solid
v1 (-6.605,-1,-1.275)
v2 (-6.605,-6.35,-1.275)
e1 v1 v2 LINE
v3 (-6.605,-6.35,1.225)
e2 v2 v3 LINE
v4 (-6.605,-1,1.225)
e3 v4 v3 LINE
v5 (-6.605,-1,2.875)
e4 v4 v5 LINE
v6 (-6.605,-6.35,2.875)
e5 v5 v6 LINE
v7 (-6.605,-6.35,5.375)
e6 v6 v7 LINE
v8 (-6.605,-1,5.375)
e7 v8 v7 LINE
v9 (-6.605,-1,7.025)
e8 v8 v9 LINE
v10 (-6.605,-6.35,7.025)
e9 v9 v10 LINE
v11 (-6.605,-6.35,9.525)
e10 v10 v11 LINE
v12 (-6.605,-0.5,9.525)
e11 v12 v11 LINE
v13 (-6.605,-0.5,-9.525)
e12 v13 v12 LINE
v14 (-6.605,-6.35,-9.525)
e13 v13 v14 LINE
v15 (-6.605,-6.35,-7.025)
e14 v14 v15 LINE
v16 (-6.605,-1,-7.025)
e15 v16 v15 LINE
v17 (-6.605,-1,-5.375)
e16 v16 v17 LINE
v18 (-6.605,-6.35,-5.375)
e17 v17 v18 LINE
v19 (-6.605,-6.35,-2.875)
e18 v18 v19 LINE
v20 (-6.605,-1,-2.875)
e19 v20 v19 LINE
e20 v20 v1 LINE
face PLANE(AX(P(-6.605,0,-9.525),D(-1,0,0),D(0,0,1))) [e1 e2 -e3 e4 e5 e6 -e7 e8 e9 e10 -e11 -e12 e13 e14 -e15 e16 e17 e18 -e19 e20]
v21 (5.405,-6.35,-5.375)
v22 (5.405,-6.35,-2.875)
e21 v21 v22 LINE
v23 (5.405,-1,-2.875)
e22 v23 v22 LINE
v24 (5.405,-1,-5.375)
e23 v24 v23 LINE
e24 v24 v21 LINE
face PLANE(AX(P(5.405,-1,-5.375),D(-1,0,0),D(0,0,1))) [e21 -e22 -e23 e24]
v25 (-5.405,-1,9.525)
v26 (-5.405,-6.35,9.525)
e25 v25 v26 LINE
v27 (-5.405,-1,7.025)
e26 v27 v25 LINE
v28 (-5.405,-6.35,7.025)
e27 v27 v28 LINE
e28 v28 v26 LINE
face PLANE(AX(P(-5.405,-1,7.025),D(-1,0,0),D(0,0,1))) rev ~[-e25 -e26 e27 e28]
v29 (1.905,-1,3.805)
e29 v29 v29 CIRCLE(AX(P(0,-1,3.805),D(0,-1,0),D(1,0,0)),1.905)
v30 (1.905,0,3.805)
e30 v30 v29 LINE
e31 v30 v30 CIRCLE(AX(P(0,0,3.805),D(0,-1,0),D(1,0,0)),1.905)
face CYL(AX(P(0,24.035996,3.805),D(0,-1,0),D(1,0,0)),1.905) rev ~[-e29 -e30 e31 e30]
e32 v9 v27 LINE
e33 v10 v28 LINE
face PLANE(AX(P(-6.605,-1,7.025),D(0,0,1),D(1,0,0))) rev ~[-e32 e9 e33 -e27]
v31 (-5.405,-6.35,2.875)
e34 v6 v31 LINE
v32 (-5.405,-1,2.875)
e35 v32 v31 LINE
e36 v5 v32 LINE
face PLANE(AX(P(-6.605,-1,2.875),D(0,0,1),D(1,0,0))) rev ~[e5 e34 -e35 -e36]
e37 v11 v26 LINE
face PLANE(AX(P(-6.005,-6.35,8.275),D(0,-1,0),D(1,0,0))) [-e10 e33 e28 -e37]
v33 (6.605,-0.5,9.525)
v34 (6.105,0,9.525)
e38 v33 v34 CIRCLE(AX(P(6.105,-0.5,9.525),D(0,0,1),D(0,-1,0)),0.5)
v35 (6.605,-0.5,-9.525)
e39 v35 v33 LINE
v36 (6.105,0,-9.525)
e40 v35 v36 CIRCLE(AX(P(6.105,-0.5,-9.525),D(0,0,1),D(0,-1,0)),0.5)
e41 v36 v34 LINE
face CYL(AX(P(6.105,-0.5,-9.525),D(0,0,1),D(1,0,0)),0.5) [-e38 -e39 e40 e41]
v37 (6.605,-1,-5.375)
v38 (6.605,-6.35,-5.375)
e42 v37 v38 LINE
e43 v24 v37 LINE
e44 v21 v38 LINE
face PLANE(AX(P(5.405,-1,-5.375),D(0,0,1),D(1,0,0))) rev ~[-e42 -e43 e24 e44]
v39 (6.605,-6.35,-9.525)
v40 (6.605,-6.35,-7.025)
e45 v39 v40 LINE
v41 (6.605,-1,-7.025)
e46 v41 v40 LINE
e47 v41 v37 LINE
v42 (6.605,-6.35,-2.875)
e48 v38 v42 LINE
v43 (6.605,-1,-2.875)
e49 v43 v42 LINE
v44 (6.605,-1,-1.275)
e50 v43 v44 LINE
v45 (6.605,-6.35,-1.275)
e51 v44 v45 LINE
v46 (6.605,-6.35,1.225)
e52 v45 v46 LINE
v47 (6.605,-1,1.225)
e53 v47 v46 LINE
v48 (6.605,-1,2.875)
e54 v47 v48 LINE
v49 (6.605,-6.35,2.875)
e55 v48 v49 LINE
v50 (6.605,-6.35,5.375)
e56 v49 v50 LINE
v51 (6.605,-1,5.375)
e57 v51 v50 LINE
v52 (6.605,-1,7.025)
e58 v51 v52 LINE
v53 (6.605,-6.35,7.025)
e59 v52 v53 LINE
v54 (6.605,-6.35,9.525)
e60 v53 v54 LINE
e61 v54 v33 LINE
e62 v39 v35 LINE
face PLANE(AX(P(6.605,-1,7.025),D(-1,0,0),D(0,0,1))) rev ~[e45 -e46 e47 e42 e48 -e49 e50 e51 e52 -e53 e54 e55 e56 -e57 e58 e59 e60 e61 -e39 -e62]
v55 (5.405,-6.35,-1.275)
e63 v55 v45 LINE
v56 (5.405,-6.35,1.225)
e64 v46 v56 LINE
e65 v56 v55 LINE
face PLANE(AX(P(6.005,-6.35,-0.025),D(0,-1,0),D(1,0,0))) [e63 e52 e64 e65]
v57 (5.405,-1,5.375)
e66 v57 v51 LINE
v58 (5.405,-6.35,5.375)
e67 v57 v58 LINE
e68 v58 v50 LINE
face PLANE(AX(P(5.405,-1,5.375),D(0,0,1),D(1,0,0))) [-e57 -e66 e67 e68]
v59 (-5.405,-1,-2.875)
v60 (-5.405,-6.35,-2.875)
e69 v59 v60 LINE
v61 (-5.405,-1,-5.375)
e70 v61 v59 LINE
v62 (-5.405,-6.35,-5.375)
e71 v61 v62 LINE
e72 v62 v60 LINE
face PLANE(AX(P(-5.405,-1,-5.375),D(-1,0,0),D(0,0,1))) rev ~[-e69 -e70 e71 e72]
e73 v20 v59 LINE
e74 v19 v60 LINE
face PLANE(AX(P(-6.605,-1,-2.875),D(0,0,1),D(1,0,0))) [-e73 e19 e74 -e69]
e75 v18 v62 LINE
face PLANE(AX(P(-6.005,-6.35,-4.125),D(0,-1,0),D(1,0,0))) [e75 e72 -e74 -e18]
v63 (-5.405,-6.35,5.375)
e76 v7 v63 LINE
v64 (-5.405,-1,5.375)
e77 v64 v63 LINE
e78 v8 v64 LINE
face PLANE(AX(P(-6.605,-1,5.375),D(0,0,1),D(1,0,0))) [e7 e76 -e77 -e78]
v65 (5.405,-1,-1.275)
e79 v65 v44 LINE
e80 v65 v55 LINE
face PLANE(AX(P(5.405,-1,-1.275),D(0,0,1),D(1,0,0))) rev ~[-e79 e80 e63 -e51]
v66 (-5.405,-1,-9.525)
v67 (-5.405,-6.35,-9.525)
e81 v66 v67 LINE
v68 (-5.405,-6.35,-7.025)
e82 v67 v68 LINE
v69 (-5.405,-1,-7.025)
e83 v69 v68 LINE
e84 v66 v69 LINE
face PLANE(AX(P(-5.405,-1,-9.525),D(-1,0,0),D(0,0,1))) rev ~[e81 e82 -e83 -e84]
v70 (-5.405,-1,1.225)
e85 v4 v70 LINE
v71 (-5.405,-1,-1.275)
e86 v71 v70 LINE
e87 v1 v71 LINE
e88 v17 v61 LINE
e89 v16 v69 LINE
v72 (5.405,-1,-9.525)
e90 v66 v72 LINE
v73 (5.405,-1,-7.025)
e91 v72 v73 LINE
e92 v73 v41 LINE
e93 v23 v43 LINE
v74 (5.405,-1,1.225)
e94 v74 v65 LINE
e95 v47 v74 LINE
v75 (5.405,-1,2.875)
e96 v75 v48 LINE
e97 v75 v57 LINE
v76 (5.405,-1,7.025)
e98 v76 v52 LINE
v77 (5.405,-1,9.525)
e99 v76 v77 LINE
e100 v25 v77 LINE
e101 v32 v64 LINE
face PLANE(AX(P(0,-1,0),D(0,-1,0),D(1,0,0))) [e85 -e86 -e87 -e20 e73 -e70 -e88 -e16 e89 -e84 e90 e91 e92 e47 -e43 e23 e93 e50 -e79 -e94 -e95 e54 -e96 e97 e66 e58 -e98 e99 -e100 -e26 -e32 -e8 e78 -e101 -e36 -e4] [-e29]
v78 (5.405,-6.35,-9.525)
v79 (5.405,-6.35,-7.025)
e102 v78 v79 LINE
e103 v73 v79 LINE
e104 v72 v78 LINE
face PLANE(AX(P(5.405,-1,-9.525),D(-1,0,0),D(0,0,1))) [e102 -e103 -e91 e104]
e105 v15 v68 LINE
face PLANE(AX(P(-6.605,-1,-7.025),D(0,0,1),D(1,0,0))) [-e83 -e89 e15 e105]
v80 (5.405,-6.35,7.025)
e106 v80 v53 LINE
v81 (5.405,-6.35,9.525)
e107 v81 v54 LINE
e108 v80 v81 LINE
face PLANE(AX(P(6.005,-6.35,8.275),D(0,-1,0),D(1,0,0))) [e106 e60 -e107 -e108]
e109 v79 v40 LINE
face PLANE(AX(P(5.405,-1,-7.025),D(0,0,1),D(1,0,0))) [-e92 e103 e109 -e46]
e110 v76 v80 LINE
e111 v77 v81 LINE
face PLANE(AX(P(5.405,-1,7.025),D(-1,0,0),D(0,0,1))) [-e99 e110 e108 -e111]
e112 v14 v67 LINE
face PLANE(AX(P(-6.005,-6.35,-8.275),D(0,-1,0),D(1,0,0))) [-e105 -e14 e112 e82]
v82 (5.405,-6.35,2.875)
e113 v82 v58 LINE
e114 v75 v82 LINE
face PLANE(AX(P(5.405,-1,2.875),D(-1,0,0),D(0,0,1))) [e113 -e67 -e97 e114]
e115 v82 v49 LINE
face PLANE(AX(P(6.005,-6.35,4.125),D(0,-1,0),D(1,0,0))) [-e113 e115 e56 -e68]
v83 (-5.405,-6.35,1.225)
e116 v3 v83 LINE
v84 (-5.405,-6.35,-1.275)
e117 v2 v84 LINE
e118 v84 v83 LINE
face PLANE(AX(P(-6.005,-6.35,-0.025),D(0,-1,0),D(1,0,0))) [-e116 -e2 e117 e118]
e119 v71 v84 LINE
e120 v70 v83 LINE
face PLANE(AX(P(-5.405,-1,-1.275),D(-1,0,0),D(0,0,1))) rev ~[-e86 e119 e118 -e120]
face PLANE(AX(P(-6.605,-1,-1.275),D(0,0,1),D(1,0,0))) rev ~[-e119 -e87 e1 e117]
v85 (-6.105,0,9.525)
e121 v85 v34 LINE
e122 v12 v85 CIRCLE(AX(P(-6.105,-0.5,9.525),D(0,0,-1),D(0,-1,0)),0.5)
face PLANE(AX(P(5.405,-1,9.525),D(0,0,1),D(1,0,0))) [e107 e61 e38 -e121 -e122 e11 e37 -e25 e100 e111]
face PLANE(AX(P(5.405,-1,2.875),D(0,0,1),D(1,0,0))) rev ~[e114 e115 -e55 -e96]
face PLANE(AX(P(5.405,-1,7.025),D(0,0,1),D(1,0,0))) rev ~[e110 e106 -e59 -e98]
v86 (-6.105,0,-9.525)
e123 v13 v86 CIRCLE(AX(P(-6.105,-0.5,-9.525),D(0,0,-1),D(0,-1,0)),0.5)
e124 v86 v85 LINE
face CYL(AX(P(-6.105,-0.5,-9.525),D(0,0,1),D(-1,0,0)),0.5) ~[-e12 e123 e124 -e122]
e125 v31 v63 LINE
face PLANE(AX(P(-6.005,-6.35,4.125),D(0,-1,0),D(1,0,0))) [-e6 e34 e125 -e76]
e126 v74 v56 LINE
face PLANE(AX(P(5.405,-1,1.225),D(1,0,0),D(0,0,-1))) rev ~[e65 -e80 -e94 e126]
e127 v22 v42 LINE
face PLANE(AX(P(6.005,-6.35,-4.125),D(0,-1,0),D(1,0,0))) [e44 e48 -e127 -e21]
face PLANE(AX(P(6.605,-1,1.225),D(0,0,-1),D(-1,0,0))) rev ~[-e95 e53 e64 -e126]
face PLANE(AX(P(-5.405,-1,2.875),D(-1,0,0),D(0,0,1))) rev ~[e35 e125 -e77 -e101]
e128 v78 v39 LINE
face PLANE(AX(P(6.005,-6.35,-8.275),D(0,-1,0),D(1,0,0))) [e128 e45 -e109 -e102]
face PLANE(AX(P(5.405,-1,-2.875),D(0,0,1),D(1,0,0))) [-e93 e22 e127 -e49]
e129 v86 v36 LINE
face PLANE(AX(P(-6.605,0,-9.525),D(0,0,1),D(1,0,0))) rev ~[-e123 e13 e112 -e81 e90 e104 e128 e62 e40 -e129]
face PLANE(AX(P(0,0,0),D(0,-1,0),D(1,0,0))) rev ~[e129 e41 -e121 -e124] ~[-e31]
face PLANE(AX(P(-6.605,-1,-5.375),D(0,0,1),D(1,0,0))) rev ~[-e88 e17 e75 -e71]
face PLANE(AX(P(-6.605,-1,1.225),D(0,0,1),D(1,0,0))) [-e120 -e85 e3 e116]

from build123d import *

# Parameters (mm, degrees)
F0_W     = 13.21
F0_H     = 19.05
F1_DEPTH = 1
F2_W     = 1.2
F2_H     = 2.5
F3_DEPTH = 5.35
F4_R     = 0.5
F6_D     = 3.81


with BuildPart() as f1:
    # F0 (on Front) → F1 (new body)
    with BuildSketch(Plane.XZ):
        Rectangle(F0_W, F0_H)
    extrude(amount=F1_DEPTH)

    # F2 (on face) → F3 (join)
    with BuildSketch(Plane.XZ.offset(1)):
        with Locations((6.005, 8.275)):
            Rectangle(F2_W, F2_H)
        with Locations((6.005, 4.125)):
            Rectangle(F2_W, F2_H)
        Polygon((6.605, -1.275), (6.605, 1.225), (5.405, 1.225), (5.405, -1.225), (5.405, -1.275), align=None)
        with Locations((6.005, -4.125)):
            Rectangle(F2_W, F2_H)
        with Locations((6.005, -8.275)):
            Rectangle(F2_W, F2_H)
        with Locations((-6.005, 8.275)):
            Rectangle(F2_W, F2_H)
        with Locations((-6.005, 4.125)):
            Rectangle(F2_W, F2_H)
        with Locations((-6.005, -0.025)):
            Rectangle(F2_W, F2_H)
        with Locations((-6.005, -4.125)):
            Rectangle(F2_W, F2_H)
        with Locations((-6.005, -8.275)):
            Rectangle(F2_W, F2_H)
    extrude(amount=F3_DEPTH)

    # F4
    f4_edges = [f1.edges().sort_by_distance(p)[0] for p in [
        (6.605, 0, 0),
        (-6.605, 0, 0),
    ]]
    fillet(f4_edges, radius=F4_R)

    # F6 (through all)
    with Locations(Plane(origin=(0, 0, 0), x_dir=(-1, 0, 0), z_dir=(0, 1, 0))):
        with Locations((0, 3.805)):
            Hole(F6_D / 2)


solid = f1.part
